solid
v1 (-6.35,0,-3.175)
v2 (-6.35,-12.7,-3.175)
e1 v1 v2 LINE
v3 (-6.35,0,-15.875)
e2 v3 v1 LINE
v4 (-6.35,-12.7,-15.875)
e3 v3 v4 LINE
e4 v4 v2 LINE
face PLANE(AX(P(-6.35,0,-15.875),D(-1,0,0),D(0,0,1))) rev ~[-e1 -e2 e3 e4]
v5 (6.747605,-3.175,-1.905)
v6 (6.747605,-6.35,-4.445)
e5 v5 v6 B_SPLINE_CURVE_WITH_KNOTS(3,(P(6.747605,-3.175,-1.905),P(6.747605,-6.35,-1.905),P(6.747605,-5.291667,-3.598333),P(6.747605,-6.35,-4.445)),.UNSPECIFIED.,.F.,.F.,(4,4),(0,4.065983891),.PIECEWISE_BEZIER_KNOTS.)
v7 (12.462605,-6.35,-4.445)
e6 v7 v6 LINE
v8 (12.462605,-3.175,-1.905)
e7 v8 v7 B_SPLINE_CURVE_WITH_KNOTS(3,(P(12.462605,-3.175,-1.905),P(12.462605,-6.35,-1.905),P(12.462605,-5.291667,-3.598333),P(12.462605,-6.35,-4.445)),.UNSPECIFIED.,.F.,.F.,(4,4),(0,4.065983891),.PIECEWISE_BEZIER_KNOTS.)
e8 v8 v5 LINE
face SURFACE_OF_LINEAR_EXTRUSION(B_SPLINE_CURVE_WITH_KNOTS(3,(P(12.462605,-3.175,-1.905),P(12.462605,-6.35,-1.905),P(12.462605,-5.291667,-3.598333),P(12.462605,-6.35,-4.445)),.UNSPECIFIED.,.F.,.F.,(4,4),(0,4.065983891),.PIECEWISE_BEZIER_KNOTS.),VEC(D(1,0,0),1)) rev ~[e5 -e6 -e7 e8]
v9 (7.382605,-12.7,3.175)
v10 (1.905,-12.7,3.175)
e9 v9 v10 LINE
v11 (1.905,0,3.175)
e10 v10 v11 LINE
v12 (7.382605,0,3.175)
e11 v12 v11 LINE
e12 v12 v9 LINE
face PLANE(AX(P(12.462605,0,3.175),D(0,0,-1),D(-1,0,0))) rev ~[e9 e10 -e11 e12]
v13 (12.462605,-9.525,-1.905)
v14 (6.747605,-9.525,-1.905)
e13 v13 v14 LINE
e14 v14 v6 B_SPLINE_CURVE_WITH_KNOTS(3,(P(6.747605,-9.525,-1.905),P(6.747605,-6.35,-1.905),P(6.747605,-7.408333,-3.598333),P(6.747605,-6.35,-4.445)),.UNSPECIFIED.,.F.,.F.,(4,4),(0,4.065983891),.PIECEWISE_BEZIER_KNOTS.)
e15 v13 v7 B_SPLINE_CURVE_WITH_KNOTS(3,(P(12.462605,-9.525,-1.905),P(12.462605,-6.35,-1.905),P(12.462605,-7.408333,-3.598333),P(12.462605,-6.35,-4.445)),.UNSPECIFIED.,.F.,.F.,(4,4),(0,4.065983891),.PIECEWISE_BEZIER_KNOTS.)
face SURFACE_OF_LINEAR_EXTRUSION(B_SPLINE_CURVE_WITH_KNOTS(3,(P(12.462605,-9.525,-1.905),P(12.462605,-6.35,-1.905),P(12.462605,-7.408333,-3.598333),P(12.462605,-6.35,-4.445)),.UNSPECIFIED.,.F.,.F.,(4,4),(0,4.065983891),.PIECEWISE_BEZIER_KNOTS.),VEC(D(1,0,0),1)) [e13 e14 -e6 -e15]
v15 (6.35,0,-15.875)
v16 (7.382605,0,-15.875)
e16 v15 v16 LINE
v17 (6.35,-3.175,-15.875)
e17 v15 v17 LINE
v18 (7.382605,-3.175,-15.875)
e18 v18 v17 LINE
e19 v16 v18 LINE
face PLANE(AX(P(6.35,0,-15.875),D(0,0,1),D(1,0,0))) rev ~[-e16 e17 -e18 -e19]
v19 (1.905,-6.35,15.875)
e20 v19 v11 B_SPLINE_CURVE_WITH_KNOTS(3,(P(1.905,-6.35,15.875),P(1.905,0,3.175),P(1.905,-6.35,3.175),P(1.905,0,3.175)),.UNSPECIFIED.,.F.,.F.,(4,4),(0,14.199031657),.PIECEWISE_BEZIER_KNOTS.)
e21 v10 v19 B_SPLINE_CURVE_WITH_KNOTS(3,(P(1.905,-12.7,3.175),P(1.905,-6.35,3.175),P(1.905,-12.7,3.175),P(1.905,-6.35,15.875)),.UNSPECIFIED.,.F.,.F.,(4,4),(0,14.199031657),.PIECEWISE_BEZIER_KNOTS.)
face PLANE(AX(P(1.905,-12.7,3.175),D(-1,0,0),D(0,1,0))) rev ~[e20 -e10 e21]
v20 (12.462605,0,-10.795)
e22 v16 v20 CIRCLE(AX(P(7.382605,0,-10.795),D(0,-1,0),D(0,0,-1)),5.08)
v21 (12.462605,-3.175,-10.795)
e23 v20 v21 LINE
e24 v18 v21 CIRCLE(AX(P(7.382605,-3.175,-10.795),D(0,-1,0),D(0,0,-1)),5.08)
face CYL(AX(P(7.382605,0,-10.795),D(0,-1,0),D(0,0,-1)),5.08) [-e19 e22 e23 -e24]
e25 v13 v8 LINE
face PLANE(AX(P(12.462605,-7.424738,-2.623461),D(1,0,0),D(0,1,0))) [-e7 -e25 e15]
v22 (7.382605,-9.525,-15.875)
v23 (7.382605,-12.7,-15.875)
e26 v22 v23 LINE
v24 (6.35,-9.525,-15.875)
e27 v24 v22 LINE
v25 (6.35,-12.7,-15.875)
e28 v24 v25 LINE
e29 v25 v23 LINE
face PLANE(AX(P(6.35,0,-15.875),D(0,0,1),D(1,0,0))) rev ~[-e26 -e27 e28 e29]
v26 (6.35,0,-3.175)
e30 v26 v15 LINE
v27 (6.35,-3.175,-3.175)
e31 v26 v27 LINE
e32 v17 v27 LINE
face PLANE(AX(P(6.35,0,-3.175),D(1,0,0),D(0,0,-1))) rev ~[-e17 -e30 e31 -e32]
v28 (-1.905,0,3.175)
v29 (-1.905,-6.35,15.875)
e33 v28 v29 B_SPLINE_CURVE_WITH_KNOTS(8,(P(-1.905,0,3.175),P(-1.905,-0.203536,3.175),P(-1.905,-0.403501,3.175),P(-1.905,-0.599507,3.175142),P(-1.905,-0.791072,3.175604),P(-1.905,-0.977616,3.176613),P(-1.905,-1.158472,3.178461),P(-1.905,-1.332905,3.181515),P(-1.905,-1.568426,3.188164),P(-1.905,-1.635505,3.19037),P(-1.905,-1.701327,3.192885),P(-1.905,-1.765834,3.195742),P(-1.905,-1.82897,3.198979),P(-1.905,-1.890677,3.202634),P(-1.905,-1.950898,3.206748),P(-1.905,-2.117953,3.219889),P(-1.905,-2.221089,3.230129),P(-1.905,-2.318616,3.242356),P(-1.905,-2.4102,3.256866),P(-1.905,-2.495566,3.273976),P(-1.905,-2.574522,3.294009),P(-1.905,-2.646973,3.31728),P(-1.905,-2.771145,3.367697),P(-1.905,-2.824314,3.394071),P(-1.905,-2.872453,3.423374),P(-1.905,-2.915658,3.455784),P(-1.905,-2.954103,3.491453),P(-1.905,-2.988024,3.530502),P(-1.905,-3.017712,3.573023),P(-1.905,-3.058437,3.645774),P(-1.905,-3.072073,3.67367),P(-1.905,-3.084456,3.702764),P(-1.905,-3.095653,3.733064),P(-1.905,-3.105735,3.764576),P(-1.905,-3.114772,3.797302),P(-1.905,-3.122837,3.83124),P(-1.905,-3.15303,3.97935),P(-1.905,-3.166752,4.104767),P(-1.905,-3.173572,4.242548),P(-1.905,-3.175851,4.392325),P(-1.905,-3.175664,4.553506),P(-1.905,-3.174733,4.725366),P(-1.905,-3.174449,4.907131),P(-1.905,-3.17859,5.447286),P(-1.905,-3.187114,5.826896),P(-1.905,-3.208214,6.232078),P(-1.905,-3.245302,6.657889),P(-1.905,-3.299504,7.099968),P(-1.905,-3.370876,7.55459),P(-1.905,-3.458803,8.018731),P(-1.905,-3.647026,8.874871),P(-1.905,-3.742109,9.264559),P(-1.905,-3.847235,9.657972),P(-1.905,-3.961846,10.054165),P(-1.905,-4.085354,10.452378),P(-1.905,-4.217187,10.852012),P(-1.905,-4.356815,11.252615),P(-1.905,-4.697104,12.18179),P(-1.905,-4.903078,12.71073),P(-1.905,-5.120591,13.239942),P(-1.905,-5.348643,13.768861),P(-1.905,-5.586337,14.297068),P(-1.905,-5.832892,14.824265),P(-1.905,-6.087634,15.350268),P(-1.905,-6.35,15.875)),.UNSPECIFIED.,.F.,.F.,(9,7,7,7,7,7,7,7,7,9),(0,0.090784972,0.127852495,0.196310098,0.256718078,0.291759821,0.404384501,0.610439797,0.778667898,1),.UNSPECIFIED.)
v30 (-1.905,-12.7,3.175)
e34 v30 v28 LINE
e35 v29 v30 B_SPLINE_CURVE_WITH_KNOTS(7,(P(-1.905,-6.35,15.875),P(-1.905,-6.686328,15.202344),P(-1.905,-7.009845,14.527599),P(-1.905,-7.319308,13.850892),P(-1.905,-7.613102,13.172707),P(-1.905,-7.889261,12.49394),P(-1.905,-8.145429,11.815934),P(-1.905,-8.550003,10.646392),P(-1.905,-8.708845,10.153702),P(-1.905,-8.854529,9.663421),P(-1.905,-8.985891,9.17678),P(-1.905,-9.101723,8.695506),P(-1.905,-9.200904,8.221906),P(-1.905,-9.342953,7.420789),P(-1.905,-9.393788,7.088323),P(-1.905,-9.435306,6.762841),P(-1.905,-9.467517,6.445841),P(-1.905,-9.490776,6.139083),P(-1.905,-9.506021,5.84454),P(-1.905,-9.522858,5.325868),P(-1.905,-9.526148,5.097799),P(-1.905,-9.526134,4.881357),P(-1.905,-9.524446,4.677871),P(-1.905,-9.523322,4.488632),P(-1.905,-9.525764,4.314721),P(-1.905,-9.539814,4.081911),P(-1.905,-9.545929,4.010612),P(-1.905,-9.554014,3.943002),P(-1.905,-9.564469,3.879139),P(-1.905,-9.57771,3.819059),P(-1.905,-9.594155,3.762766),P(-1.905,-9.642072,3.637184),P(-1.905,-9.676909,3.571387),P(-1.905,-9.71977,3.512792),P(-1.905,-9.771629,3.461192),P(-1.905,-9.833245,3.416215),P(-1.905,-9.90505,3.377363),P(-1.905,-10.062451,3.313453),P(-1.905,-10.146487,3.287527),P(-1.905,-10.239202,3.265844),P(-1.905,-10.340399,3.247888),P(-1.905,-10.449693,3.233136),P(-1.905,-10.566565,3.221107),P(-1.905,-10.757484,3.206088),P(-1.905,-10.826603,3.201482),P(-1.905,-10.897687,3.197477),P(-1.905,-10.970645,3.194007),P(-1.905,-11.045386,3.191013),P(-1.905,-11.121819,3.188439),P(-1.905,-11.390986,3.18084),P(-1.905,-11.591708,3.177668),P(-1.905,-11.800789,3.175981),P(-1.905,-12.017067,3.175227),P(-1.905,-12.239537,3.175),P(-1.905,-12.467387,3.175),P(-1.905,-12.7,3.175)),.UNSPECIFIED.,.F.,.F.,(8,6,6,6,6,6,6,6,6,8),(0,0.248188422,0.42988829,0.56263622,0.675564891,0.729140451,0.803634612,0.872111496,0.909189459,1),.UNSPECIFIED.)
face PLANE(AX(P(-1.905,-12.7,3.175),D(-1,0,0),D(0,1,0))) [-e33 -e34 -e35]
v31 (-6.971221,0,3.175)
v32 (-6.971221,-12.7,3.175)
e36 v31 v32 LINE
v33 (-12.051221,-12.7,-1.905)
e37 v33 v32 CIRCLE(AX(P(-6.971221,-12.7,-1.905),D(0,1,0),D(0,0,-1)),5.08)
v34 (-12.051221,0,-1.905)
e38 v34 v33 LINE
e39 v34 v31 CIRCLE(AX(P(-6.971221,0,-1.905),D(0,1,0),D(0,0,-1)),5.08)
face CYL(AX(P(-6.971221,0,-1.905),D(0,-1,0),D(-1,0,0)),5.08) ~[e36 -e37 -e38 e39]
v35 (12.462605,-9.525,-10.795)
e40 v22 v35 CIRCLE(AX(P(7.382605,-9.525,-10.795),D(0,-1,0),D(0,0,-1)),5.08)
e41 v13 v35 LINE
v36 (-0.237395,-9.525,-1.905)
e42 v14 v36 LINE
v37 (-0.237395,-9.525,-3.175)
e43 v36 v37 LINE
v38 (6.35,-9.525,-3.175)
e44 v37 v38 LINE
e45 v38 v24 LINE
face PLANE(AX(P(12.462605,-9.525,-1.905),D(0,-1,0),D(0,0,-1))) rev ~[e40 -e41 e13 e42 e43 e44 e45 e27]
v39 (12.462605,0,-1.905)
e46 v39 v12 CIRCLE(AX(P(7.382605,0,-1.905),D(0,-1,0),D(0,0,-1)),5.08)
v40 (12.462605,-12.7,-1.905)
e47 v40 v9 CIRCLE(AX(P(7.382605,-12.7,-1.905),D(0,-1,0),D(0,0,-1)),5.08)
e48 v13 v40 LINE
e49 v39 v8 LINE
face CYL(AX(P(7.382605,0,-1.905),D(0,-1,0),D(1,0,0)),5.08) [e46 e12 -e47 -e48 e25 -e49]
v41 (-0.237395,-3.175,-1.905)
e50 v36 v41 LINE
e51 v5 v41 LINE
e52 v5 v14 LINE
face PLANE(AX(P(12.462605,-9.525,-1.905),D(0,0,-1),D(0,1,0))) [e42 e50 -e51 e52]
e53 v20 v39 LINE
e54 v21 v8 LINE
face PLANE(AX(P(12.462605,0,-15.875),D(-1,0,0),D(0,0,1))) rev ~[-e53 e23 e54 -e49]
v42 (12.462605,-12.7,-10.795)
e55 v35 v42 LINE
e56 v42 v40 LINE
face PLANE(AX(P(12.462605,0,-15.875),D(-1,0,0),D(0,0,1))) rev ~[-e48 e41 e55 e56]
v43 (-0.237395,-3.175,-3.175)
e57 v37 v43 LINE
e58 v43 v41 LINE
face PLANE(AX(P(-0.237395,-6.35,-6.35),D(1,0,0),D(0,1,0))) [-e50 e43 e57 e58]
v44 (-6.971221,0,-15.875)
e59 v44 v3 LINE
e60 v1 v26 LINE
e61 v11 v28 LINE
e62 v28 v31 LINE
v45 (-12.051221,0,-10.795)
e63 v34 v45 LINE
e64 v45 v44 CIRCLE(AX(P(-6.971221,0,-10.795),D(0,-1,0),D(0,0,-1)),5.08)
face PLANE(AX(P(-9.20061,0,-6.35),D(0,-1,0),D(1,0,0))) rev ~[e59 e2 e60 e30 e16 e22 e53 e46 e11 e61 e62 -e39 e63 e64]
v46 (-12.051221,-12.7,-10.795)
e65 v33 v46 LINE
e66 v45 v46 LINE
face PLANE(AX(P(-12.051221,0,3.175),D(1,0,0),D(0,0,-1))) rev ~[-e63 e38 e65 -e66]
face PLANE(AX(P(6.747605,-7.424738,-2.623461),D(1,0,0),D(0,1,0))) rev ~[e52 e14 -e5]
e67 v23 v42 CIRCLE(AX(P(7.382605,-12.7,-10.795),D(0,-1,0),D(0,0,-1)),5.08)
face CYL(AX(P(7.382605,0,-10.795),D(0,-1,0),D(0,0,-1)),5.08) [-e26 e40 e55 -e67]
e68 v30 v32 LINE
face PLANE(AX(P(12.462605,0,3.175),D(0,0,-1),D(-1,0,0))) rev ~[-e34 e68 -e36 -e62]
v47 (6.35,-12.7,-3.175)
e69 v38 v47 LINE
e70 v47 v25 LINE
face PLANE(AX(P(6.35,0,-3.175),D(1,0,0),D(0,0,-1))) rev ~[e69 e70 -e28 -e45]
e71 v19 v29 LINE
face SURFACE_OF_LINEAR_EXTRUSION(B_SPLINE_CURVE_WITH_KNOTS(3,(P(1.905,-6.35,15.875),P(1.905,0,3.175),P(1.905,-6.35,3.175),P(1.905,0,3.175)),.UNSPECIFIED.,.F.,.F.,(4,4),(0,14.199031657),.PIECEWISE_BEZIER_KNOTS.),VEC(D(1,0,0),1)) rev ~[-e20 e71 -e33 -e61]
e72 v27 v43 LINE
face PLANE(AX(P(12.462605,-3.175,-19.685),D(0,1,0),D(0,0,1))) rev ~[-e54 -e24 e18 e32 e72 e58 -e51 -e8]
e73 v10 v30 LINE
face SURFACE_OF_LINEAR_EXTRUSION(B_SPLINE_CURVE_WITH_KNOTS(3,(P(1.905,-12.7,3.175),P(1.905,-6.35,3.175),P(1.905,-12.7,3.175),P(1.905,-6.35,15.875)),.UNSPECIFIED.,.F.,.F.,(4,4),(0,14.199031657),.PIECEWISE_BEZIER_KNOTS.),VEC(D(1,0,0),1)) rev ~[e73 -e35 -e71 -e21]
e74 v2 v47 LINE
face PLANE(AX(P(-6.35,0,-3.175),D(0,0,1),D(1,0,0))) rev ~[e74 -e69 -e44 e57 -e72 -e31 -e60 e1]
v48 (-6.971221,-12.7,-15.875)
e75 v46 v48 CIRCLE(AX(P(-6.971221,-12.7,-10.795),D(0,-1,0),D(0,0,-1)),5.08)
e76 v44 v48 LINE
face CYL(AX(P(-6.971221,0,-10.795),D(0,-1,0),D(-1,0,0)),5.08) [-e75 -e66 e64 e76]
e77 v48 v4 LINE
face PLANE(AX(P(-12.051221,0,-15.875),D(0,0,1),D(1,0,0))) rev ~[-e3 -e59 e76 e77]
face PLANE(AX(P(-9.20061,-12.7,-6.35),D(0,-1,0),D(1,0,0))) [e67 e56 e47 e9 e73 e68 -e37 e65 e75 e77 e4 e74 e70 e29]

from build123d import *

# Parameters (mm, degrees)
F0_W      = 12.7
F0_H      = 6.35
F1_DEPTH  = 12.7
F2_R      = 5.08
F3_W      = 6.35
F3_H      = 8.89
F4_DEPTH  = 12.7
F6_DEPTH  = 5.715
F7_W      = 3.81
F7_H      = 12.7
F8_DEPTH  = 12.7
F10_DEPTH = 25.4


with BuildPart() as f1:
    # F0 (on Front) → F1 (new body)
    with BuildSketch(Plane.XZ):
        Polygon((-6.35, -3.175), (-6.35, 3.175), (-12.0512209833, 3.175), (-12.0512209833, -15.875), (-6.35, -15.875), align=None)
        Rectangle(F0_W, F0_H)
        Polygon((12.4626047909, 3.175), (6.35, 3.175), (6.35, -3.175), (6.35, -15.875), (12.4626047909, -15.875), align=None)
    extrude(amount=F1_DEPTH)

    # F2
    f2_edges = [f1.edges().sort_by_distance(p)[0] for p in [
        (-12.051221, -6.35, 3.175),
        (12.462605, -6.35, 3.175),
        (-12.051221, -6.35, -15.875),
        (12.462605, -6.35, -15.875),
    ]]
    fillet(f2_edges, radius=F2_R)

    # F3 (on face) → F4 (cut)
    with BuildSketch(Plane.YZ.offset(12.4626047909)):
        with Locations((-6.35, -6.35)):
            Rectangle(F3_W, F3_H)
        with Locations((-6.35, -15.24)):
            Rectangle(F3_W, F3_H)
    extrude(amount=-F4_DEPTH, mode=Mode.SUBTRACT)

    # F5 (on face) → F6 (join)
    with BuildSketch(Plane.YZ.offset(12.4626047909)):
        with BuildLine():
            Line((-6.35, -4.445), (-6.35, -1.905))
            Line((-6.35, -1.905), (-9.525, -1.905))
            add(Edge.make_bspline(
                [(-9.525, -1.905), (-6.35, -1.905), (-7.4083333333, -3.5983333333), (-6.35, -4.445)],
                knots=[0, 0, 0, 0, 4.0659838908, 4.0659838908, 4.0659838908, 4.0659838908], degree=3))
        make_face()
        with BuildLine():
            add(Edge.make_bspline(
                [(-3.175, -1.905), (-6.35, -1.905), (-5.2916666667, -3.5983333333), (-6.35, -4.445)],
                knots=[0, 0, 0, 0, 4.0659838908, 4.0659838908, 4.0659838908, 4.0659838908], degree=3))
            Line((-3.175, -1.905), (-6.35, -1.905))
            Line((-6.35, -1.905), (-6.35, -4.445))
        make_face()
    extrude(amount=-F6_DEPTH)

    # F7 (on face) → F8 (join)
    with BuildSketch(Plane.XY.offset(3.175)):
        with Locations((0, -6.35)):
            Rectangle(F7_W, F7_H)
    extrude(amount=F8_DEPTH)

    # F9 (on face) → F10 (cut)
    with BuildSketch(Plane.YZ.offset(1.905)):
        with BuildLine():
            Line((-12.7, 15.875), (-12.7, 3.175))
            add(Edge.make_bspline(
                [(-12.7, 3.175), (-6.35, 3.175), (-12.7, 3.175), (-6.35, 15.875)],
                knots=[0, 0, 0, 0, 14.1990316571, 14.1990316571, 14.1990316571, 14.1990316571], degree=3))
            Line((-6.35, 15.875), (-12.7, 15.875))
        make_face()
        with BuildLine():
            Line((0, 15.875), (-6.35, 15.875))
            add(Edge.make_bspline(
                [(-6.35, 15.875), (0, 3.175), (-6.35, 3.175), (0, 3.175)],
                knots=[0, 0, 0, 0, 14.1990316571, 14.1990316571, 14.1990316571, 14.1990316571], degree=3))
            Line((0, 3.175), (0, 15.875))
        make_face()
    extrude(amount=-F10_DEPTH, mode=Mode.SUBTRACT)


solid = f1.part
